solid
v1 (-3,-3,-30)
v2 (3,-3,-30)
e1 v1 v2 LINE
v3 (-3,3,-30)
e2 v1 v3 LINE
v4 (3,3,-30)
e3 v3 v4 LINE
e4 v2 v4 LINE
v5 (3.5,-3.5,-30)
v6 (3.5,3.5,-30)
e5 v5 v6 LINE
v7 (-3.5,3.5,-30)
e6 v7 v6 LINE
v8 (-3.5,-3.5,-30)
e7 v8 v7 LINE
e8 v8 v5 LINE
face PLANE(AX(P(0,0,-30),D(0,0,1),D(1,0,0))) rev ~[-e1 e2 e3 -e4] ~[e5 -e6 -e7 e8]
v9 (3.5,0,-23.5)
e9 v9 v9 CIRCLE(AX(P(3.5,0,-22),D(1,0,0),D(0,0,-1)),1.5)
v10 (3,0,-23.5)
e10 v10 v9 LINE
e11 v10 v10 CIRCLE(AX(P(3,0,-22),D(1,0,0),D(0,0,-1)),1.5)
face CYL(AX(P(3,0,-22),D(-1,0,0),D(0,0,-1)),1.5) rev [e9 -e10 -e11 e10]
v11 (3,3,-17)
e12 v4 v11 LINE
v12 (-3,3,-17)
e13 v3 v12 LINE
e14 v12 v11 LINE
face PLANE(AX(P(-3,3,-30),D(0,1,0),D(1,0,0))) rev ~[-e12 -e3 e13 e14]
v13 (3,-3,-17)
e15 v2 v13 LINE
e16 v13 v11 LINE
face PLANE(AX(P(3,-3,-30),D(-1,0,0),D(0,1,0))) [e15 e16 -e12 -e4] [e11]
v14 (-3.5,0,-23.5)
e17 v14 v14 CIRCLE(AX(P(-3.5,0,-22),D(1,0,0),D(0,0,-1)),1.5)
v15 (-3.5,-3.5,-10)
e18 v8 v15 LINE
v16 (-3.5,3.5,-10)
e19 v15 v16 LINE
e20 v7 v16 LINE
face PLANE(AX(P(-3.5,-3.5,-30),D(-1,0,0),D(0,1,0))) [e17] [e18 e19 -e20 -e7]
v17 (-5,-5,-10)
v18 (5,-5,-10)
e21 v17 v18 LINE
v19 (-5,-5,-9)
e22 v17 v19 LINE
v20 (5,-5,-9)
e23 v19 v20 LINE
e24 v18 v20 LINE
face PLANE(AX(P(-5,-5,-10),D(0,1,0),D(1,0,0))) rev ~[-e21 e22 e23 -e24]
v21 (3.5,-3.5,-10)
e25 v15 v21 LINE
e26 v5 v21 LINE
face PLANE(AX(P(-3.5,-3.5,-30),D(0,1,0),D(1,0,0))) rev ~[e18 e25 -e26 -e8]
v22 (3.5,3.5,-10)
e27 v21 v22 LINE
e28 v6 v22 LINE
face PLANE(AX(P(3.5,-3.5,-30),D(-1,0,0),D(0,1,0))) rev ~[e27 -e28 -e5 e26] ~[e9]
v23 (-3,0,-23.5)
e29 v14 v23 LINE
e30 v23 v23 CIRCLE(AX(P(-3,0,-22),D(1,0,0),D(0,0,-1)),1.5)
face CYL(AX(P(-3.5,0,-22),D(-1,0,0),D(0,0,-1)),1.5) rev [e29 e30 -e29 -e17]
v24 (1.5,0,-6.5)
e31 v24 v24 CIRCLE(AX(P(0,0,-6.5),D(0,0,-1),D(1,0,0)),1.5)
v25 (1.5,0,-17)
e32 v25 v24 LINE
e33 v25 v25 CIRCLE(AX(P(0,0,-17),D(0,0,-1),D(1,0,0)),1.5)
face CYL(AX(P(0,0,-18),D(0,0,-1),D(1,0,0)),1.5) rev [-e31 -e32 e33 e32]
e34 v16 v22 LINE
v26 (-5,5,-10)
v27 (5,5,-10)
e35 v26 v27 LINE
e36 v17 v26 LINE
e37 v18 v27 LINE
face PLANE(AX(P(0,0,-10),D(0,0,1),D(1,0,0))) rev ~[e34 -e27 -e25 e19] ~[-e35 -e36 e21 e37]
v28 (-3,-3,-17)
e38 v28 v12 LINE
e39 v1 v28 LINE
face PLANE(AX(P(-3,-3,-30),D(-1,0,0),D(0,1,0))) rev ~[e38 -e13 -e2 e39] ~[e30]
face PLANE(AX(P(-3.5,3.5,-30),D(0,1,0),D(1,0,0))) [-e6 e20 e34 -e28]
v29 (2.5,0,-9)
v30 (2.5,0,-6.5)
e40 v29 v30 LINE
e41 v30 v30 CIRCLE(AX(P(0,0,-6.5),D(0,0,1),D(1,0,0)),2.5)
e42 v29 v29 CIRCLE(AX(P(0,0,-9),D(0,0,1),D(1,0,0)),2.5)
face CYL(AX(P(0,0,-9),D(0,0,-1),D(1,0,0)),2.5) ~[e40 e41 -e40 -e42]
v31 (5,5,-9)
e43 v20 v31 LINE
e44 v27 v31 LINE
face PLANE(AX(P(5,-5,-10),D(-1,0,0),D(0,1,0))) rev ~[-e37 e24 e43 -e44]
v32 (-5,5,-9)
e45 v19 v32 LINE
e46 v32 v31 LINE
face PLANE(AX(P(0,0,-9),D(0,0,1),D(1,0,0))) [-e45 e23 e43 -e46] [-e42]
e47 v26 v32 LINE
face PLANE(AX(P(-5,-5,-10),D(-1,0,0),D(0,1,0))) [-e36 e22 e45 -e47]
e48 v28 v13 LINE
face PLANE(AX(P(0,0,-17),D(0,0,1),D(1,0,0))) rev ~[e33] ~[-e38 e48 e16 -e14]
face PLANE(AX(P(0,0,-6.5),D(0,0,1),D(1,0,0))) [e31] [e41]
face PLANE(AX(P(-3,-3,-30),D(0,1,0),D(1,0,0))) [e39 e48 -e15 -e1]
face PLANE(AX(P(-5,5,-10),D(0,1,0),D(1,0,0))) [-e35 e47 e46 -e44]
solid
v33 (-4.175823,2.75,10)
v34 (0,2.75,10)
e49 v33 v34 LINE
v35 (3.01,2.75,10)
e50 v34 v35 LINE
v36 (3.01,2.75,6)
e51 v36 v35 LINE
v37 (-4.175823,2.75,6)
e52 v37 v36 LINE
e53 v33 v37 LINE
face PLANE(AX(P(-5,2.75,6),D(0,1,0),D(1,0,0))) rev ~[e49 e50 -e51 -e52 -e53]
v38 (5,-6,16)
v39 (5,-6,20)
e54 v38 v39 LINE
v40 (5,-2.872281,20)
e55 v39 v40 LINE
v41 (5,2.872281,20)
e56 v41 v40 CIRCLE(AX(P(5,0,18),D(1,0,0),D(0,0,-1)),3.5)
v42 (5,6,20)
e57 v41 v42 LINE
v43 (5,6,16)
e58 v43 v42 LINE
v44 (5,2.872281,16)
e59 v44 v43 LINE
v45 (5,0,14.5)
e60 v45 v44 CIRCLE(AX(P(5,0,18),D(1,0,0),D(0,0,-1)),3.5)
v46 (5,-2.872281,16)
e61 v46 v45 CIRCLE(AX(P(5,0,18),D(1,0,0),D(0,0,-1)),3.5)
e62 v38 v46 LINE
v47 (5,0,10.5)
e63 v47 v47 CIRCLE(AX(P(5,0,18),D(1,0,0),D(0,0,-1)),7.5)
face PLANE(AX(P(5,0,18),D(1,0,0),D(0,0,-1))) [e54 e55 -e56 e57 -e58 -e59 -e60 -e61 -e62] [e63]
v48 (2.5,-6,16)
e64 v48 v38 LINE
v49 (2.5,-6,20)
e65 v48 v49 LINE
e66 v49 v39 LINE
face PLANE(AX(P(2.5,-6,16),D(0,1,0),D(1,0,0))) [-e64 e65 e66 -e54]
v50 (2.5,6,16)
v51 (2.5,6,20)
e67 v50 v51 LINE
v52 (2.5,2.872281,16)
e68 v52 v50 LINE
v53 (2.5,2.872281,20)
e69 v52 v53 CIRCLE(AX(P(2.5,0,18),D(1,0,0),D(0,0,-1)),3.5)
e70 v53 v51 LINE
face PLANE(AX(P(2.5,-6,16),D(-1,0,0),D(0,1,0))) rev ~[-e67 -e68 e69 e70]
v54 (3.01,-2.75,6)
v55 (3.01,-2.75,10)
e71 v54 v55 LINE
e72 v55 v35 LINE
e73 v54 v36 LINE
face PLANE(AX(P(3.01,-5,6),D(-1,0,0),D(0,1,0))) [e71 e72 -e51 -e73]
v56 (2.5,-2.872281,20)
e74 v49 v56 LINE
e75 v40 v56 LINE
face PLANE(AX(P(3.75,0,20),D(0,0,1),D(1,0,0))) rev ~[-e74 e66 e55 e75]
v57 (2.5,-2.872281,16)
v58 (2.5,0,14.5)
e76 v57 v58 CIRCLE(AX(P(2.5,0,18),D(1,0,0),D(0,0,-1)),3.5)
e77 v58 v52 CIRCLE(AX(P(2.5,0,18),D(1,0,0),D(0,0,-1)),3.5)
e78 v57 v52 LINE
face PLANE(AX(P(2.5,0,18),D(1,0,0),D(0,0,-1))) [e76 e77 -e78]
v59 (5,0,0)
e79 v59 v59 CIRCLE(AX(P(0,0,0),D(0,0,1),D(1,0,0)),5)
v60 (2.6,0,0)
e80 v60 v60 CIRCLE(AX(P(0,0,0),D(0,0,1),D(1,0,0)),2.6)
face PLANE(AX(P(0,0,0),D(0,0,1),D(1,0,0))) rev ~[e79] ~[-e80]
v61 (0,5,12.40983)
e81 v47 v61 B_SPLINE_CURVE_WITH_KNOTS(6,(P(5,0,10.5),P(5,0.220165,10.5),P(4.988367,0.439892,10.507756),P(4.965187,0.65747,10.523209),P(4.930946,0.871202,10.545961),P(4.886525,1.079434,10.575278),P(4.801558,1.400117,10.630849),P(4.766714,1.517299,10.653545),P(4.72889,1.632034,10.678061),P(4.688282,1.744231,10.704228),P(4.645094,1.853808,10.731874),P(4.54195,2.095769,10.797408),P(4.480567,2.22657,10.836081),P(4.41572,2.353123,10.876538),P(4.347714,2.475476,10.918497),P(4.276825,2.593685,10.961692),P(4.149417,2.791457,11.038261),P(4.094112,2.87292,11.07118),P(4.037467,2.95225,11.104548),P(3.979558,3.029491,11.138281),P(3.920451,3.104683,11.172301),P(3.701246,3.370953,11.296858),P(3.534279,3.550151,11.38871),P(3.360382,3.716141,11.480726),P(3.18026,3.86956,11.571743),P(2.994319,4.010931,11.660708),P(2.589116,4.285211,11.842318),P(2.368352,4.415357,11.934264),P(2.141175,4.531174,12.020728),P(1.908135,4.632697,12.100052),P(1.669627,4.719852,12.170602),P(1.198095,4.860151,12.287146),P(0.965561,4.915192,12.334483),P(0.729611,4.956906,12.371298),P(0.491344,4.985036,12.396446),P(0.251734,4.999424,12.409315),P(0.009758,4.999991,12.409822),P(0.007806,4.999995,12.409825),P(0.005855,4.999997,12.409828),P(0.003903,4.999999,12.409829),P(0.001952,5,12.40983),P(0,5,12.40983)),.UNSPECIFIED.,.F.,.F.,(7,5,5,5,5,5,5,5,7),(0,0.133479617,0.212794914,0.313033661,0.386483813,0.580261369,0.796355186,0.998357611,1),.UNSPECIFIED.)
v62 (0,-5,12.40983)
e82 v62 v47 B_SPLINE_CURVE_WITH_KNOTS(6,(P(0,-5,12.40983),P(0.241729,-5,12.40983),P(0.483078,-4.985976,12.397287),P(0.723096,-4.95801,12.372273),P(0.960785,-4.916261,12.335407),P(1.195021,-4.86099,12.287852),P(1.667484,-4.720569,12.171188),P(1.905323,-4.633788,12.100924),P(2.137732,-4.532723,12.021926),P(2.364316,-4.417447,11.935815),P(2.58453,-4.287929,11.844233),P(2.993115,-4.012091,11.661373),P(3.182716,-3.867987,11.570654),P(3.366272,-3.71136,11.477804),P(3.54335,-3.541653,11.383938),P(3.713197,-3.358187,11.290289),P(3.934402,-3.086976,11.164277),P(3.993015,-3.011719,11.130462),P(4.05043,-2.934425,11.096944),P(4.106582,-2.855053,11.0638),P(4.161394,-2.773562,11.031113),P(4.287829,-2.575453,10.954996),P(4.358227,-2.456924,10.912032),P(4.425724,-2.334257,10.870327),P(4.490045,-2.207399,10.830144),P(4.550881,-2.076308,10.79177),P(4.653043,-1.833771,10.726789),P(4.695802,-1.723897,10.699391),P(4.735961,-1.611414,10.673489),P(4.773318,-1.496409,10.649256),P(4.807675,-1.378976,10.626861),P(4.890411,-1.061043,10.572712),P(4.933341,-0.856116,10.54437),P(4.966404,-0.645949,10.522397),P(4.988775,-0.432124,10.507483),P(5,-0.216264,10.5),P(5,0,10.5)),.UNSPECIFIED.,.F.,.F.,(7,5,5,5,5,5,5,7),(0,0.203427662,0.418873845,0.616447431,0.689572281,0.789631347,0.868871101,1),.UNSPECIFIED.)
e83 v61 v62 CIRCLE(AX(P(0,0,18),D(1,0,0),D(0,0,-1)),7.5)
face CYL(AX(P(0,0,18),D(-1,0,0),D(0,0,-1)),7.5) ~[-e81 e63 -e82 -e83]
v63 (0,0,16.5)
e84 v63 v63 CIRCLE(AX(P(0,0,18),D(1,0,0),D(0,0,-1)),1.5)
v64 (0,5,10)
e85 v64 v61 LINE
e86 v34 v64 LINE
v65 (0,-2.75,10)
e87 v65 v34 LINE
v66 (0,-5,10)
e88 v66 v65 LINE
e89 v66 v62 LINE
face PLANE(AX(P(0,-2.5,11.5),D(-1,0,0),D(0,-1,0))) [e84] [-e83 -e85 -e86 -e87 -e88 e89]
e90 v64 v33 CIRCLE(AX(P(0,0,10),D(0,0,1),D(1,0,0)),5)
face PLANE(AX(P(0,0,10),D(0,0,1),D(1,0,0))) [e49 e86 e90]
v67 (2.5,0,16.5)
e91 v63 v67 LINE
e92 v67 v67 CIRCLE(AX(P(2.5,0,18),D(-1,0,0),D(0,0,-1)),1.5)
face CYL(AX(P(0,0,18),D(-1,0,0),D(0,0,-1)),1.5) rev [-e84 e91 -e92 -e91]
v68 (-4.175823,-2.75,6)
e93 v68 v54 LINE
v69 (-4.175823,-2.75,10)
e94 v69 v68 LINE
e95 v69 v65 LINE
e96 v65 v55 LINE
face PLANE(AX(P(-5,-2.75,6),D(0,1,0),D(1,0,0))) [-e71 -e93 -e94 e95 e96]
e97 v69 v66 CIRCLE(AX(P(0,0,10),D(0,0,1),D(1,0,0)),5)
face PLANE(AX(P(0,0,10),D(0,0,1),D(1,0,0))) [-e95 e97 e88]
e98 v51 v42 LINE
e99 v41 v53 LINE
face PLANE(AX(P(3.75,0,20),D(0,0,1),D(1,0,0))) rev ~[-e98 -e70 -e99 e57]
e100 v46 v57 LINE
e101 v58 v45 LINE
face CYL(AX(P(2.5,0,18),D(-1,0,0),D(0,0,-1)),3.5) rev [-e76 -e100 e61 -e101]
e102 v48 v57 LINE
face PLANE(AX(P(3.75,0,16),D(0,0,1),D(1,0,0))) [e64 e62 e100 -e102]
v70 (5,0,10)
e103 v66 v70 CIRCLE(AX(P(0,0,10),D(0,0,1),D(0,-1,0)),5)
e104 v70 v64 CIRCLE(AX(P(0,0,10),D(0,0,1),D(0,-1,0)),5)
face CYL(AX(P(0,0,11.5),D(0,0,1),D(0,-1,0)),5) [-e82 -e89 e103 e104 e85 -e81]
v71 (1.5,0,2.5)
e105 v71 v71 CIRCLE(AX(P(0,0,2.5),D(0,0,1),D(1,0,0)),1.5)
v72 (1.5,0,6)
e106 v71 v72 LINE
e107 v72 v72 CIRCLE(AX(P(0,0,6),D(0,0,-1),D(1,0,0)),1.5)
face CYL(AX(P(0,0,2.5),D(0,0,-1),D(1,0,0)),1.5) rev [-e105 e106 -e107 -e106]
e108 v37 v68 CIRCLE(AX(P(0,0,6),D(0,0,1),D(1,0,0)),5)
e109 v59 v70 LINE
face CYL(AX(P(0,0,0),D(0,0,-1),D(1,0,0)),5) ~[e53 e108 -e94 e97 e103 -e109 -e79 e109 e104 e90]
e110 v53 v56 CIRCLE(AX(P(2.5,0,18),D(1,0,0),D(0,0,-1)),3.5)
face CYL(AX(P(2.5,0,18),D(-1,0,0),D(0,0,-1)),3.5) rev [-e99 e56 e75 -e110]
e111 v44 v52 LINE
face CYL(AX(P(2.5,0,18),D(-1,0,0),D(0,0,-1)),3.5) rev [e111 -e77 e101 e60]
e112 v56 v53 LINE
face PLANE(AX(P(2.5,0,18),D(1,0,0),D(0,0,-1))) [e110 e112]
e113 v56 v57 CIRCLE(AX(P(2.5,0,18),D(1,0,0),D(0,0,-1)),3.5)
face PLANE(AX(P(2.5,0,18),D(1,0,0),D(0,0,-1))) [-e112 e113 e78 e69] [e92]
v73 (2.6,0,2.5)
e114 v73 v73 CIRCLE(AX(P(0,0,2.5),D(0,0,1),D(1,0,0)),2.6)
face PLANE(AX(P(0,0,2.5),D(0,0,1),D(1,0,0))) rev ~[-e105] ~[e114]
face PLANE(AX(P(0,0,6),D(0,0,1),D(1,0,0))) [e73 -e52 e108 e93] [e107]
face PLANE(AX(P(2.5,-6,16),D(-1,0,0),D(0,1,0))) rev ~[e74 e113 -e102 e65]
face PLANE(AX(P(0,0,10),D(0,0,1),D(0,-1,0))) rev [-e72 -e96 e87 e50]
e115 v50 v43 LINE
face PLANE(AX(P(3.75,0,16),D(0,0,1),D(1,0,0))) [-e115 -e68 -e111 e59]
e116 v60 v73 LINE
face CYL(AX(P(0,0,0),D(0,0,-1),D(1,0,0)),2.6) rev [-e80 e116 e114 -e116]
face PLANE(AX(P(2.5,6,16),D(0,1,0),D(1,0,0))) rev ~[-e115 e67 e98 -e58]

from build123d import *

# Parameters (mm, degrees)
CYLINDER003_R               = 1.5
CYLINDER003_DEPTH           = 0.5
CYLINDER003_PITCH_ANGLE     = 90
CYLINDER002_R               = 1.5
CYLINDER002_DEPTH           = 0.5
CYLINDER002_PITCH_ANGLE     = 90
CYLINDER001_R               = 1.5
CYLINDER001_DEPTH           = 12
BOX003_W                    = 6
BOX003_H                    = 6
BOX003_DEPTH                = 13
CYLINDER_R                  = 2.5
CYLINDER_DEPTH              = 2.5
BOX001_W                    = 7
BOX001_H                    = 7
BOX001_DEPTH                = 20
BOX_W                       = 10
BOX_H                       = 10
BOX_DEPTH                   = 1
BOX007_W                    = 2.5
BOX007_H                    = 12
BOX007_DEPTH                = 4
BOX006_W                    = 1.99
BOX006_H                    = 10
BOX006_DEPTH                = 4
BOX004_W                    = 10
BOX004_H                    = 2.25
BOX004_DEPTH                = 4
BOX005_W                    = 10
BOX005_H                    = 2.25
BOX005_DEPTH                = 4
CYLINDER013_R               = 5
CYLINDER013_DEPTH           = 4
CYLINDER007_R               = 1.5
CYLINDER007_DEPTH           = 5
CYLINDER005_R               = 2.6
CYLINDER005_DEPTH           = 2.5
CYLINDER004_R               = 5
CYLINDER004_DEPTH           = 10
CYLINDER009_W               = 5
CYLINDER009_H               = 3
CYLINDER009_ANGLE           = 180
CYLINDER009_PLACEMENT_ANGLE = -90
CYLINDER012_R               = 3.5
CYLINDER012_DEPTH           = 2.5
CYLINDER012_PITCH_ANGLE     = 90
CYLINDER011_R               = 1.5
CYLINDER011_DEPTH           = 5
CYLINDER011_PITCH_ANGLE     = 90
CYLINDER008_R               = 7.5
CYLINDER008_DEPTH           = 5
CYLINDER008_PITCH_ANGLE     = 90


with BuildPart() as zylinder003:
    # Cylinder003 → Cylinder003 (new body)
    with BuildSketch(Plane.XY):
        Circle(CYLINDER003_R)
    extrude(amount=CYLINDER003_DEPTH)


with BuildPart() as zylinder003_1:
    # Cylinder003 pitch: moved
    add(zylinder003.part.rotate(Axis((0, 0, 0), (0, 1, 0)), CYLINDER003_PITCH_ANGLE))


with BuildPart() as zylinder003_2:
    # Cylinder003 placement: moved
    add(zylinder003_1.part.moved(Location((-3.5, 0, -22))))


with BuildPart() as zylinder002:
    # Cylinder002 → Cylinder002 (new body)
    with BuildSketch(Plane.XY):
        Circle(CYLINDER002_R)
    extrude(amount=CYLINDER002_DEPTH)


with BuildPart() as zylinder002_1:
    # Cylinder002 pitch: moved
    add(zylinder002.part.rotate(Axis((0, 0, 0), (0, 1, 0)), CYLINDER002_PITCH_ANGLE))


with BuildPart() as zylinder002_2:
    # Cylinder002 placement: moved
    add(zylinder002_1.part.moved(Location((3, 0, -22))))


with BuildPart() as zylinder001:
    # Cylinder001 → Cylinder001 (new body)
    with BuildSketch(Plane.XY.offset(-18)):
        Circle(CYLINDER001_R)
    extrude(amount=CYLINDER001_DEPTH)


with BuildPart() as w_rfel003:
    # Box003 → Box003 (new body)
    with BuildSketch(Plane(origin=(-3, -3, -30), x_dir=(1, 0, 0), z_dir=(0, 0, 1))):
        with Locations((3, 3)):
            Rectangle(BOX003_W, BOX003_H)
    extrude(amount=BOX003_DEPTH)


with BuildPart() as zylinder:
    # Cylinder → Cylinder (new body)
    with BuildSketch(Plane.XY.offset(-9)):
        Circle(CYLINDER_R)
    extrude(amount=CYLINDER_DEPTH)


with BuildPart() as w_rfel001:
    # Box001 → Box001 (new body)
    with BuildSketch(Plane(origin=(-3.5, -3.5, -30), x_dir=(1, 0, 0), z_dir=(0, 0, 1))):
        with Locations((3.5, 3.5)):
            Rectangle(BOX001_W, BOX001_H)
    extrude(amount=BOX001_DEPTH)


with BuildPart() as bottom:
    # Box → Box (new body)
    with BuildSketch(Plane(origin=(-5, -5, -10), x_dir=(1, 0, 0), z_dir=(0, 0, 1))):
        with Locations((5, 5)):
            Rectangle(BOX_W, BOX_H)
    extrude(amount=BOX_DEPTH)

    # Fusion001: union Zylinder, Würfel001
    add(zylinder.part)
    add(w_rfel001.part)

    # Cut: cut Würfel003
    add(w_rfel003.part, mode=Mode.SUBTRACT)

    # Cut001: cut Zylinder001
    add(zylinder001.part, mode=Mode.SUBTRACT)

    # Cut002: cut Zylinder002
    add(zylinder002_2.part, mode=Mode.SUBTRACT)

    # Cut003: cut Zylinder003
    add(zylinder003_2.part, mode=Mode.SUBTRACT)


with BuildPart() as w_rfel007:
    # Box007 → Box007 (new body)
    with BuildSketch(Plane(origin=(2.5, -6, 16), x_dir=(1, 0, 0), z_dir=(0, 0, 1))):
        with Locations((1.25, 6)):
            Rectangle(BOX007_W, BOX007_H)
    extrude(amount=BOX007_DEPTH)


with BuildPart() as w_rfel006:
    # Box006 → Box006 (new body)
    with BuildSketch(Plane(origin=(3.01, 12, 0), x_dir=(1, 0, 0), z_dir=(0, 0, 1))):
        with Locations((0.995, 5)):
            Rectangle(BOX006_W, BOX006_H)
    extrude(amount=BOX006_DEPTH)


with BuildPart() as w_rfel004:
    # Box004 → Box004 (new body)
    with BuildSketch(Plane(origin=(-5, 19.75, 0), x_dir=(1, 0, 0), z_dir=(0, 0, 1))):
        with Locations((5, 1.125)):
            Rectangle(BOX004_W, BOX004_H)
    extrude(amount=BOX004_DEPTH)


with BuildPart() as fusion002:
    # Box005 → Box005 (new body)
    with BuildSketch(Plane(origin=(-5, 12, 0), x_dir=(1, 0, 0), z_dir=(0, 0, 1))):
        with Locations((5, 1.125)):
            Rectangle(BOX005_W, BOX005_H)
    extrude(amount=BOX005_DEPTH)

    # Fusion: union Würfel004
    add(w_rfel004.part)

    # Fusion002: union Würfel006
    add(w_rfel006.part)


with BuildPart() as cut011:
    # Cylinder013 → Cylinder013 (new body)
    with BuildSketch(Plane(origin=(0, 17, 0), x_dir=(1, 0, 0), z_dir=(0, 0, 1))):
        Circle(CYLINDER013_R)
    extrude(amount=CYLINDER013_DEPTH)

    # Cut011: cut Fusion002
    add(fusion002.part, mode=Mode.SUBTRACT)


with BuildPart() as cut011_1:
    # Cut011 placement: moved
    add(cut011.part.moved(Location((0, -17, 6))))


with BuildPart() as zylinder007:
    # Cylinder007 → Cylinder007 (new body)
    with BuildSketch(Plane.XY.offset(2.5)):
        Circle(CYLINDER007_R)
    extrude(amount=CYLINDER007_DEPTH)


with BuildPart() as zylinder005:
    # Cylinder005 → Cylinder005 (new body)
    with BuildSketch(Plane.XY):
        Circle(CYLINDER005_R)
    extrude(amount=CYLINDER005_DEPTH)


with BuildPart() as cut012:
    # Cylinder004 → Cylinder004 (new body)
    with BuildSketch(Plane.XY):
        Circle(CYLINDER004_R)
    extrude(amount=CYLINDER004_DEPTH)

    # Cut004: cut Zylinder005
    add(zylinder005.part, mode=Mode.SUBTRACT)

    # Cut009: cut Zylinder007
    add(zylinder007.part, mode=Mode.SUBTRACT)

    # Cut012: cut Cut011
    add(cut011_1.part, mode=Mode.SUBTRACT)


with BuildPart() as zylinder009:
    # Cylinder009 → Cylinder009 (revolve)
    with BuildSketch(Plane.XZ):
        with Locations((2.5, 1.5)):
            Rectangle(CYLINDER009_W, CYLINDER009_H)
    revolve(axis=Axis((0, 0, 0), (0, 0, 1)), revolution_arc=CYLINDER009_ANGLE)


with BuildPart() as zylinder009_1:
    # Cylinder009 placement: moved
    add(zylinder009.part.moved(Location((0, 0, 10))).rotate(Axis((0, 0, 10), (0, 0, 1)), CYLINDER009_PLACEMENT_ANGLE))


with BuildPart() as zylinder012:
    # Cylinder012 → Cylinder012 (new body)
    with BuildSketch(Plane.XY):
        Circle(CYLINDER012_R)
    extrude(amount=CYLINDER012_DEPTH)


with BuildPart() as zylinder012_1:
    # Cylinder012 pitch: moved
    add(zylinder012.part.rotate(Axis((0, 0, 0), (0, 1, 0)), CYLINDER012_PITCH_ANGLE))


with BuildPart() as zylinder012_2:
    # Cylinder012 placement: moved
    add(zylinder012_1.part.moved(Location((2.5, 0, 18))))


with BuildPart() as zylinder011:
    # Cylinder011 → Cylinder011 (new body)
    with BuildSketch(Plane.XY):
        Circle(CYLINDER011_R)
    extrude(amount=CYLINDER011_DEPTH)


with BuildPart() as zylinder011_1:
    # Cylinder011 pitch: moved
    add(zylinder011.part.rotate(Axis((0, 0, 0), (0, 1, 0)), CYLINDER011_PITCH_ANGLE))


with BuildPart() as zylinder011_2:
    # Cylinder011 placement: moved
    add(zylinder011_1.part.moved(Location((0, 0, 18))))


with BuildPart() as top:
    # Cylinder008 → Cylinder008 (new body)
    with BuildSketch(Plane.XY):
        Circle(CYLINDER008_R)
    extrude(amount=CYLINDER008_DEPTH)


with BuildPart() as top_1:
    # Cylinder008 pitch: moved
    add(top.part.rotate(Axis((0, 0, 0), (0, 1, 0)), CYLINDER008_PITCH_ANGLE))


with BuildPart() as top_2:
    # Cylinder008 placement: moved
    add(top_1.part.moved(Location((0, 0, 18))))

    # Cut008: cut Zylinder011
    add(zylinder011_2.part, mode=Mode.SUBTRACT)

    # Cut010: cut Zylinder012
    add(zylinder012_2.part, mode=Mode.SUBTRACT)

    # Fusion003: union Zylinder009
    add(zylinder009_1.part)

    # Fusion004: union Cut012
    add(cut012.part)

    # Cut013: cut Würfel007
    add(w_rfel007.part, mode=Mode.SUBTRACT)


solid = Compound([bottom.part, top_2.part])
